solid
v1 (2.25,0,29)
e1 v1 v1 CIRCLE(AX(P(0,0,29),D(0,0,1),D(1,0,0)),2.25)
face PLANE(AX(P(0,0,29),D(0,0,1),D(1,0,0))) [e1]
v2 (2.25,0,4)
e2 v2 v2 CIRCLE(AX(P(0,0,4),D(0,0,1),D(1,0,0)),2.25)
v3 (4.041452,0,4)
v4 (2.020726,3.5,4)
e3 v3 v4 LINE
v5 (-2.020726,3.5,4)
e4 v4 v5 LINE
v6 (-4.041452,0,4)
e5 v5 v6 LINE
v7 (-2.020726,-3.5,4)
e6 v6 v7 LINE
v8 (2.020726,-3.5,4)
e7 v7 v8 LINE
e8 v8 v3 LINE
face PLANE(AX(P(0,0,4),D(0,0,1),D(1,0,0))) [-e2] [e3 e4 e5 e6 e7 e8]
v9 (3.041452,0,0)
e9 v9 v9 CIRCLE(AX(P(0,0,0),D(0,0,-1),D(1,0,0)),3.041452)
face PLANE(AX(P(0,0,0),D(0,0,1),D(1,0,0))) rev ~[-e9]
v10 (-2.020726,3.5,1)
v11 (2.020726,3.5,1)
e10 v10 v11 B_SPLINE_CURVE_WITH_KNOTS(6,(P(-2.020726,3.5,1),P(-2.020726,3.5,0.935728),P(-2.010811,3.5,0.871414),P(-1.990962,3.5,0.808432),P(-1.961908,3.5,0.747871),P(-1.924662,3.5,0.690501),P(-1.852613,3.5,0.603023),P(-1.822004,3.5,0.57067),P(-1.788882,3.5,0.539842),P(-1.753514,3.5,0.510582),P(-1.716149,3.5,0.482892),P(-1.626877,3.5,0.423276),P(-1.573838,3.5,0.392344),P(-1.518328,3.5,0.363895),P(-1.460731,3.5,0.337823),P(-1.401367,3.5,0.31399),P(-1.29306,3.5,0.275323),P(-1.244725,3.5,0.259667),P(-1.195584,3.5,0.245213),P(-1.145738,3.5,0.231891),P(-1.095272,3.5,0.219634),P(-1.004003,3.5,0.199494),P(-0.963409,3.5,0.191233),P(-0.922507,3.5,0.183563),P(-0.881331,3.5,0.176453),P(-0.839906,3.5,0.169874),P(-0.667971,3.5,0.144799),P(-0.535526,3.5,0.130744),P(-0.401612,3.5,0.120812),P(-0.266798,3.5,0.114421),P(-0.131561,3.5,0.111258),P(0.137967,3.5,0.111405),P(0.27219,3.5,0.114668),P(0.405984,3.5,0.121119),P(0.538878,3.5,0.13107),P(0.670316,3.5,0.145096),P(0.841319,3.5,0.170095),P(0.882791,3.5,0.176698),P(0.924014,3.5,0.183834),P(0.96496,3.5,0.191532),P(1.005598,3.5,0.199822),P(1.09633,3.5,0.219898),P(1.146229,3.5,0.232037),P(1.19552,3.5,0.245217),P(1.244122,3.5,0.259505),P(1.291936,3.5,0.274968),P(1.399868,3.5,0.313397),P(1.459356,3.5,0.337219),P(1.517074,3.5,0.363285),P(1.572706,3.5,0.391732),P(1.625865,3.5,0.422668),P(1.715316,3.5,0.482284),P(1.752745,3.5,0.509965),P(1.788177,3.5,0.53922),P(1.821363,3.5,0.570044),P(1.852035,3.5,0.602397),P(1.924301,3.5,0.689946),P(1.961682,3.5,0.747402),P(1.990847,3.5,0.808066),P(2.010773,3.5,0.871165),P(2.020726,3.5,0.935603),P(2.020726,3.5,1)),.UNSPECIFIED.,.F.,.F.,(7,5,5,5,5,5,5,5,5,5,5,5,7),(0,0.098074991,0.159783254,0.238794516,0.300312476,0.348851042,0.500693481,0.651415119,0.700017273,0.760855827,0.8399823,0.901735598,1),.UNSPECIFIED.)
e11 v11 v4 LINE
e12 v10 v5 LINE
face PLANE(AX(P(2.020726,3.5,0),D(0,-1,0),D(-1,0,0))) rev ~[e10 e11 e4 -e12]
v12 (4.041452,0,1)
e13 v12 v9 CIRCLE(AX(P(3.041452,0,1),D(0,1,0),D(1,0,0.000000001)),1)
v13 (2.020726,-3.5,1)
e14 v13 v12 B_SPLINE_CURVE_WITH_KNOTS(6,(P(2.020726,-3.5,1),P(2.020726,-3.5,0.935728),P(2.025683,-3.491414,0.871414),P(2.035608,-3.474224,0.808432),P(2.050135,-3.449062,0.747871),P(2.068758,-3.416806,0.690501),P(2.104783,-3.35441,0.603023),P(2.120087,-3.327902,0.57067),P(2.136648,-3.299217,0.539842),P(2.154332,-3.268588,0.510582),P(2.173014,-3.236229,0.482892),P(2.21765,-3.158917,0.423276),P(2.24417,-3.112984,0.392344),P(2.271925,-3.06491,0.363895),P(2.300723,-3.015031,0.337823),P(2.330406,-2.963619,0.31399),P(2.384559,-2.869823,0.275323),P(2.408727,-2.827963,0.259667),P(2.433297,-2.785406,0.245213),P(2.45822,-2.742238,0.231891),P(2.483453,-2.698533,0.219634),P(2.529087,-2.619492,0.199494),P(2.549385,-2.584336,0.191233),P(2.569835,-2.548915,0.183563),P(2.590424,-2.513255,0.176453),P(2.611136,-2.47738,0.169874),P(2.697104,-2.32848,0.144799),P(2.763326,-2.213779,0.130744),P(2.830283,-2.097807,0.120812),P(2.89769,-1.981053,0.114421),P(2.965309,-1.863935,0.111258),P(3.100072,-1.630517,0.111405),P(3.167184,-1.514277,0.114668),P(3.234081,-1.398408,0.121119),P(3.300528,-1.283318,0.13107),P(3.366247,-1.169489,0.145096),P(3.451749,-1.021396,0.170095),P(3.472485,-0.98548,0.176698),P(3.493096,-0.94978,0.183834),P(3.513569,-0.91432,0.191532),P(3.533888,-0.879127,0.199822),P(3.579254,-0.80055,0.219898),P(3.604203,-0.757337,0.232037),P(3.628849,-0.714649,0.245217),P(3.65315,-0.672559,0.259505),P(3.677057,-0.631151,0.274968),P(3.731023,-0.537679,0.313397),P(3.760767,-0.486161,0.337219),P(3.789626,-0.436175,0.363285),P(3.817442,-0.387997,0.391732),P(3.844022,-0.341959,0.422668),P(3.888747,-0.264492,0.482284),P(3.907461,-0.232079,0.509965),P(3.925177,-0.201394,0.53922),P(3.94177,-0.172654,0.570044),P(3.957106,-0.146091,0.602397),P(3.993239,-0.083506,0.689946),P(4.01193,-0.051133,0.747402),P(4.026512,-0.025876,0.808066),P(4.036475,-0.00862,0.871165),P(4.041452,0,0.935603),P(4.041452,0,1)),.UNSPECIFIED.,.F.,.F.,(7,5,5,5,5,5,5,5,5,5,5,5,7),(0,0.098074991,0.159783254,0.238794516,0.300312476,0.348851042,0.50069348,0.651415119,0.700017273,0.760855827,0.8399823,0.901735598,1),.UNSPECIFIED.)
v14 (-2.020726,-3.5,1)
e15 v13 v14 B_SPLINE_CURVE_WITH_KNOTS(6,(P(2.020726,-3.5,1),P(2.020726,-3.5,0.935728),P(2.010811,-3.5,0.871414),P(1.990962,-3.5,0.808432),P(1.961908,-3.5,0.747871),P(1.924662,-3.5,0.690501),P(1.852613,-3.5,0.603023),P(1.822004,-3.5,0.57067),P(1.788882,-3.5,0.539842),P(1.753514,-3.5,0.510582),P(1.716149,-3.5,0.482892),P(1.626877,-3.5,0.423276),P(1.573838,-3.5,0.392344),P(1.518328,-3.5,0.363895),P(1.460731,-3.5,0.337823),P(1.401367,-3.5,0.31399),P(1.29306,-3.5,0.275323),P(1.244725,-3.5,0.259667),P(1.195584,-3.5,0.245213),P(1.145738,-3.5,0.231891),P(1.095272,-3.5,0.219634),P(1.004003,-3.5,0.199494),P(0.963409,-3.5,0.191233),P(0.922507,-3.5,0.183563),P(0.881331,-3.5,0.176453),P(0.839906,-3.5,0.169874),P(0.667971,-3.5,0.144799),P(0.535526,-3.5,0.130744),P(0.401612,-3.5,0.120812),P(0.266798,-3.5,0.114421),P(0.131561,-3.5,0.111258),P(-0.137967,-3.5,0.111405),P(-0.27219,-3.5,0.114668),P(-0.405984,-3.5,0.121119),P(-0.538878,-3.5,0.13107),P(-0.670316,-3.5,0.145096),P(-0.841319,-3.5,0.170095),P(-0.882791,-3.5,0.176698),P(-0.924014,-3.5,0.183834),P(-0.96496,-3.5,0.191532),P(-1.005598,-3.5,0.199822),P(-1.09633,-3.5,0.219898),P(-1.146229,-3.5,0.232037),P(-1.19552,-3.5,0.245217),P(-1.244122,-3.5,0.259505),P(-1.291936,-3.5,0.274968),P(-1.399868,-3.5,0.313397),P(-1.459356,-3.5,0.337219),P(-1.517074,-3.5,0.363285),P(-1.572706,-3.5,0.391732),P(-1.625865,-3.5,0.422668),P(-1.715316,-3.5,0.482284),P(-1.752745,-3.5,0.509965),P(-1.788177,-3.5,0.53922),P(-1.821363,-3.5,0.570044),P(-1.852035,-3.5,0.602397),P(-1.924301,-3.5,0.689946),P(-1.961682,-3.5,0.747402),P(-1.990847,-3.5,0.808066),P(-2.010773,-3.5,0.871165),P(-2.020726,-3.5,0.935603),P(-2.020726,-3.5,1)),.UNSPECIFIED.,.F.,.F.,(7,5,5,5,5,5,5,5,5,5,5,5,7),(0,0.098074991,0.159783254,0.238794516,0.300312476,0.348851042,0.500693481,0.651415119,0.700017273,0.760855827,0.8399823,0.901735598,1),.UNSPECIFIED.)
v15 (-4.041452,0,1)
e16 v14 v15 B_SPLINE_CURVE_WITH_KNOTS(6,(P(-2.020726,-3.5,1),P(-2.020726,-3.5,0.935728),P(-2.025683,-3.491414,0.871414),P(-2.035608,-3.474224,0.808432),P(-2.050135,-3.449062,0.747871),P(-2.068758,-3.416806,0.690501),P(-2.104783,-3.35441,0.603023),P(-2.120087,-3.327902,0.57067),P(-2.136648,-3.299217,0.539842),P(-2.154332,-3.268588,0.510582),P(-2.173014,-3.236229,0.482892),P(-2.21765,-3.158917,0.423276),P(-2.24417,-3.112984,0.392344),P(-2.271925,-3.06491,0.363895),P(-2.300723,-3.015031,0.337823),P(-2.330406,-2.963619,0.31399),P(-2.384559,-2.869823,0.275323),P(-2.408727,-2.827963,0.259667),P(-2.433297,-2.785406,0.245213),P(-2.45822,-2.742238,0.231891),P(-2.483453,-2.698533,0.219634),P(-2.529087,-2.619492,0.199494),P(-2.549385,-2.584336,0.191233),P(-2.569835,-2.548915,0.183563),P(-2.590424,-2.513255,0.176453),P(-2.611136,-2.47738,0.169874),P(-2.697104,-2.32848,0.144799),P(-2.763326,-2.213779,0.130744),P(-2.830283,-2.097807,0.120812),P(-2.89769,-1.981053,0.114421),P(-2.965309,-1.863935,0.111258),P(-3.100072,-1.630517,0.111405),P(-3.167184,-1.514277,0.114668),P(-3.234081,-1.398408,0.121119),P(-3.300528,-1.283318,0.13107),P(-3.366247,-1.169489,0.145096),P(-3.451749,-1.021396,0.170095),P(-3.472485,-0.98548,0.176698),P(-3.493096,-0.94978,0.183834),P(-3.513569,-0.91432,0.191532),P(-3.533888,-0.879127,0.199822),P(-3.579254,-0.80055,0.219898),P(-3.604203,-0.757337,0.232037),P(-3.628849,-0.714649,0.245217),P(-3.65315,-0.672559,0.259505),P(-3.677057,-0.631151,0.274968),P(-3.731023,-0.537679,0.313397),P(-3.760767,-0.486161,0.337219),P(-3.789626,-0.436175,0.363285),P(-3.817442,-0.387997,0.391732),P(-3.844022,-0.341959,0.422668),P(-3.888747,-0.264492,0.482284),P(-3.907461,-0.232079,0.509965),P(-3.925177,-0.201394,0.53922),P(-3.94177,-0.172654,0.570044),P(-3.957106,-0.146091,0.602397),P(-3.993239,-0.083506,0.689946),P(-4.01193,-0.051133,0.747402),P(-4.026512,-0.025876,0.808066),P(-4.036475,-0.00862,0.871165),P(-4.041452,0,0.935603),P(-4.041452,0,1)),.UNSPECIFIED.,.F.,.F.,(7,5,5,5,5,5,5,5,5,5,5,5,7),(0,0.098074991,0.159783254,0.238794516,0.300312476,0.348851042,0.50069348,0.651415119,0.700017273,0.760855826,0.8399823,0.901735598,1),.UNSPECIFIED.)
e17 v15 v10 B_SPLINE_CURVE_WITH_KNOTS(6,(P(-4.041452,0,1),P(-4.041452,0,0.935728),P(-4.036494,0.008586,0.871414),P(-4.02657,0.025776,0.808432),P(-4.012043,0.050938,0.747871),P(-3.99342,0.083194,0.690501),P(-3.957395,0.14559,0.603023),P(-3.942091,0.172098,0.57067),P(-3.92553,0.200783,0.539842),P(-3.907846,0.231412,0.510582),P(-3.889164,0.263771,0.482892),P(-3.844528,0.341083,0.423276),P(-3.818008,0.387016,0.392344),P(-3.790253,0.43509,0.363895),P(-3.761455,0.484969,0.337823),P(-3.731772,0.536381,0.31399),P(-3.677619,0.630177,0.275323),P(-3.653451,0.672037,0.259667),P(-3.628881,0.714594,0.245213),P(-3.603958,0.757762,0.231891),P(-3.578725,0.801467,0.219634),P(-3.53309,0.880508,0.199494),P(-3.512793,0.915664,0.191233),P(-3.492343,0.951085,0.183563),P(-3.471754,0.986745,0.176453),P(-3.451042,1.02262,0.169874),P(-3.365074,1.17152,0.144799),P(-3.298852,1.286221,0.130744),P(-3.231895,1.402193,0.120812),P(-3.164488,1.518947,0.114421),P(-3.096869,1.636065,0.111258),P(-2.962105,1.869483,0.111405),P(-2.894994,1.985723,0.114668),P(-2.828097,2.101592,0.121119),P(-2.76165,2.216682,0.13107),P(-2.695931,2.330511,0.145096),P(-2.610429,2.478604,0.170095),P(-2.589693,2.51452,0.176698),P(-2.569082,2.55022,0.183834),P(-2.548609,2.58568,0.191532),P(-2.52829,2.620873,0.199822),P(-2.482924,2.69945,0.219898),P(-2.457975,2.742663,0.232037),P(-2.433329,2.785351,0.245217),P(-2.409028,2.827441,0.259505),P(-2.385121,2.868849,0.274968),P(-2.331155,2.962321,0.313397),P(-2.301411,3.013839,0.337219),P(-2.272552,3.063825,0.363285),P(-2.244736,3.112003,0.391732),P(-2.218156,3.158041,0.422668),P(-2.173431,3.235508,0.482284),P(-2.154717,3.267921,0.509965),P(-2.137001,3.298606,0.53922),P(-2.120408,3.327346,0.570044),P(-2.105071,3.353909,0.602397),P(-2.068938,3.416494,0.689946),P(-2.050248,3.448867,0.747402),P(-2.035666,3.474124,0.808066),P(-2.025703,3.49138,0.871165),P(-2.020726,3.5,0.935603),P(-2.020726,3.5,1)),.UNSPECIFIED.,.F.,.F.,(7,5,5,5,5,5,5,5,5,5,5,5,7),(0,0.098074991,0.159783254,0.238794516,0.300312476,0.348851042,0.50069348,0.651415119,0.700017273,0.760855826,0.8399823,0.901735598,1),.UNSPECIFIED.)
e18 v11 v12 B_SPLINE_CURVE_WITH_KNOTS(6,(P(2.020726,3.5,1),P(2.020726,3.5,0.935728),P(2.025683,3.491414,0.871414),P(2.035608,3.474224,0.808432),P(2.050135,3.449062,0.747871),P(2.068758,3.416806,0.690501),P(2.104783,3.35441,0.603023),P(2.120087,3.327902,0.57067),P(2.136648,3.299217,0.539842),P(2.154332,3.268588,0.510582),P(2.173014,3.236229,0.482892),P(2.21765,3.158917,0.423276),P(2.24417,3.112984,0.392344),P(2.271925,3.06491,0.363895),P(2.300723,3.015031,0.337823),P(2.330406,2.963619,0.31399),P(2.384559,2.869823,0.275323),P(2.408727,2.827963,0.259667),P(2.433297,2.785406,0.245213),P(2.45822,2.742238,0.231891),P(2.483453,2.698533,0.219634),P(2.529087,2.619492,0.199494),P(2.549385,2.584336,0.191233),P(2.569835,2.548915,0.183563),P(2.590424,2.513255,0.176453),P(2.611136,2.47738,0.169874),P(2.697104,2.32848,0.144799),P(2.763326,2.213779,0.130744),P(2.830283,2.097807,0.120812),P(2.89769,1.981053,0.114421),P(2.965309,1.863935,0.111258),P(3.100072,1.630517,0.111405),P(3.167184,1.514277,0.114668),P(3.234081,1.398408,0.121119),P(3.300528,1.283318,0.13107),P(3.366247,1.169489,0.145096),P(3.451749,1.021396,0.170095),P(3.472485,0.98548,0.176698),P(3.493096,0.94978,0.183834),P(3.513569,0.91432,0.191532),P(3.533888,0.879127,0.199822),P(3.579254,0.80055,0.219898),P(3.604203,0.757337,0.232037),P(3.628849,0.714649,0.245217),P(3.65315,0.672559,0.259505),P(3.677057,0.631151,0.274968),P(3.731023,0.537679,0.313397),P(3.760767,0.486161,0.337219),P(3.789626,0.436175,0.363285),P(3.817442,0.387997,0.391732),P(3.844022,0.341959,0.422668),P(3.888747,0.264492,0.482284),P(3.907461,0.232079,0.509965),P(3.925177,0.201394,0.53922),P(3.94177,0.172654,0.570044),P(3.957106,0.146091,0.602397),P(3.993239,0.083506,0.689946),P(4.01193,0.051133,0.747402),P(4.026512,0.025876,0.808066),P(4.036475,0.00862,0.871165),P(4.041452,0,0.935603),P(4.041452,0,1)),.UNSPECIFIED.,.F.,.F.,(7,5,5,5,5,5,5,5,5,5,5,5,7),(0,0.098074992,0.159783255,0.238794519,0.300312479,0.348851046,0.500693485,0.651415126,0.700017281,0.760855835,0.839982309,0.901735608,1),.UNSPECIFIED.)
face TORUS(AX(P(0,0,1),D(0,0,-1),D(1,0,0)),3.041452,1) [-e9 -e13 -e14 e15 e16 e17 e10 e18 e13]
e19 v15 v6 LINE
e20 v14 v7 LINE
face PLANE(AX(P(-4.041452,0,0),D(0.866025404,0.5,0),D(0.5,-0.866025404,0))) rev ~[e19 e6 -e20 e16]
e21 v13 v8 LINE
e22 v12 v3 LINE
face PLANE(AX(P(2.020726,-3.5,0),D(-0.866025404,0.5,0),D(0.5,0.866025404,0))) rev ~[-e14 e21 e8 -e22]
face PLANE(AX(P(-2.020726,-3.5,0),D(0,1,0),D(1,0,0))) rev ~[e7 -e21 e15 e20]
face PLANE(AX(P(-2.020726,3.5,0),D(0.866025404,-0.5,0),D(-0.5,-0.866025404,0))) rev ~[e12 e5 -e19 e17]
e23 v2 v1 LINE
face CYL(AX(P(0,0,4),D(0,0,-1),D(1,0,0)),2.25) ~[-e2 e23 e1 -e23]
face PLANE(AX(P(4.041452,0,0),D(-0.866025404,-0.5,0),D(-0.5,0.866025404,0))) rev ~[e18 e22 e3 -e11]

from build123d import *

# Parameters (mm, degrees)
BOSS_EXTRUDE1_DEPTH = 4
SKETCH2_R           = 2.25
BOSS_EXTRUDE2_DEPTH = 25


with BuildPart() as part:
    # Sketch1 → Boss-Extrude1 (new body)
    with BuildSketch(Plane.XY):
        Polygon((-4.041451884, 0), (-2.020725942, -3.5), (2.020725942, -3.5), (4.041451884, 0), (2.020725942, 3.5), (-2.020725942, 3.5), align=None)
    extrude(amount=BOSS_EXTRUDE1_DEPTH)

    # Sketch2 → Boss-Extrude2 (add)
    with BuildSketch(Plane.XY.offset(4)):
        Circle(SKETCH2_R)
    extrude(amount=BOSS_EXTRUDE2_DEPTH)

    # Sketch3 → Cut-Revolve1 (revolve, cut)
    with BuildSketch(Plane(origin=(0, 0, 0), x_dir=(1, 0, 0), z_dir=(0, 1, 0))):
        with BuildLine():
            Line((3.041451884, 0), (4.041451884, 0))
            Line((4.041451884, 0), (4.041451884, -1))
            ThreePointArc((4.041451884, -1), (3.748558666, -0.292893219), (3.041451884, 0))
        make_face()
    revolve(axis=Axis((0, 0, 29), (0, 0, -1)), mode=Mode.SUBTRACT)


solid = part.part
